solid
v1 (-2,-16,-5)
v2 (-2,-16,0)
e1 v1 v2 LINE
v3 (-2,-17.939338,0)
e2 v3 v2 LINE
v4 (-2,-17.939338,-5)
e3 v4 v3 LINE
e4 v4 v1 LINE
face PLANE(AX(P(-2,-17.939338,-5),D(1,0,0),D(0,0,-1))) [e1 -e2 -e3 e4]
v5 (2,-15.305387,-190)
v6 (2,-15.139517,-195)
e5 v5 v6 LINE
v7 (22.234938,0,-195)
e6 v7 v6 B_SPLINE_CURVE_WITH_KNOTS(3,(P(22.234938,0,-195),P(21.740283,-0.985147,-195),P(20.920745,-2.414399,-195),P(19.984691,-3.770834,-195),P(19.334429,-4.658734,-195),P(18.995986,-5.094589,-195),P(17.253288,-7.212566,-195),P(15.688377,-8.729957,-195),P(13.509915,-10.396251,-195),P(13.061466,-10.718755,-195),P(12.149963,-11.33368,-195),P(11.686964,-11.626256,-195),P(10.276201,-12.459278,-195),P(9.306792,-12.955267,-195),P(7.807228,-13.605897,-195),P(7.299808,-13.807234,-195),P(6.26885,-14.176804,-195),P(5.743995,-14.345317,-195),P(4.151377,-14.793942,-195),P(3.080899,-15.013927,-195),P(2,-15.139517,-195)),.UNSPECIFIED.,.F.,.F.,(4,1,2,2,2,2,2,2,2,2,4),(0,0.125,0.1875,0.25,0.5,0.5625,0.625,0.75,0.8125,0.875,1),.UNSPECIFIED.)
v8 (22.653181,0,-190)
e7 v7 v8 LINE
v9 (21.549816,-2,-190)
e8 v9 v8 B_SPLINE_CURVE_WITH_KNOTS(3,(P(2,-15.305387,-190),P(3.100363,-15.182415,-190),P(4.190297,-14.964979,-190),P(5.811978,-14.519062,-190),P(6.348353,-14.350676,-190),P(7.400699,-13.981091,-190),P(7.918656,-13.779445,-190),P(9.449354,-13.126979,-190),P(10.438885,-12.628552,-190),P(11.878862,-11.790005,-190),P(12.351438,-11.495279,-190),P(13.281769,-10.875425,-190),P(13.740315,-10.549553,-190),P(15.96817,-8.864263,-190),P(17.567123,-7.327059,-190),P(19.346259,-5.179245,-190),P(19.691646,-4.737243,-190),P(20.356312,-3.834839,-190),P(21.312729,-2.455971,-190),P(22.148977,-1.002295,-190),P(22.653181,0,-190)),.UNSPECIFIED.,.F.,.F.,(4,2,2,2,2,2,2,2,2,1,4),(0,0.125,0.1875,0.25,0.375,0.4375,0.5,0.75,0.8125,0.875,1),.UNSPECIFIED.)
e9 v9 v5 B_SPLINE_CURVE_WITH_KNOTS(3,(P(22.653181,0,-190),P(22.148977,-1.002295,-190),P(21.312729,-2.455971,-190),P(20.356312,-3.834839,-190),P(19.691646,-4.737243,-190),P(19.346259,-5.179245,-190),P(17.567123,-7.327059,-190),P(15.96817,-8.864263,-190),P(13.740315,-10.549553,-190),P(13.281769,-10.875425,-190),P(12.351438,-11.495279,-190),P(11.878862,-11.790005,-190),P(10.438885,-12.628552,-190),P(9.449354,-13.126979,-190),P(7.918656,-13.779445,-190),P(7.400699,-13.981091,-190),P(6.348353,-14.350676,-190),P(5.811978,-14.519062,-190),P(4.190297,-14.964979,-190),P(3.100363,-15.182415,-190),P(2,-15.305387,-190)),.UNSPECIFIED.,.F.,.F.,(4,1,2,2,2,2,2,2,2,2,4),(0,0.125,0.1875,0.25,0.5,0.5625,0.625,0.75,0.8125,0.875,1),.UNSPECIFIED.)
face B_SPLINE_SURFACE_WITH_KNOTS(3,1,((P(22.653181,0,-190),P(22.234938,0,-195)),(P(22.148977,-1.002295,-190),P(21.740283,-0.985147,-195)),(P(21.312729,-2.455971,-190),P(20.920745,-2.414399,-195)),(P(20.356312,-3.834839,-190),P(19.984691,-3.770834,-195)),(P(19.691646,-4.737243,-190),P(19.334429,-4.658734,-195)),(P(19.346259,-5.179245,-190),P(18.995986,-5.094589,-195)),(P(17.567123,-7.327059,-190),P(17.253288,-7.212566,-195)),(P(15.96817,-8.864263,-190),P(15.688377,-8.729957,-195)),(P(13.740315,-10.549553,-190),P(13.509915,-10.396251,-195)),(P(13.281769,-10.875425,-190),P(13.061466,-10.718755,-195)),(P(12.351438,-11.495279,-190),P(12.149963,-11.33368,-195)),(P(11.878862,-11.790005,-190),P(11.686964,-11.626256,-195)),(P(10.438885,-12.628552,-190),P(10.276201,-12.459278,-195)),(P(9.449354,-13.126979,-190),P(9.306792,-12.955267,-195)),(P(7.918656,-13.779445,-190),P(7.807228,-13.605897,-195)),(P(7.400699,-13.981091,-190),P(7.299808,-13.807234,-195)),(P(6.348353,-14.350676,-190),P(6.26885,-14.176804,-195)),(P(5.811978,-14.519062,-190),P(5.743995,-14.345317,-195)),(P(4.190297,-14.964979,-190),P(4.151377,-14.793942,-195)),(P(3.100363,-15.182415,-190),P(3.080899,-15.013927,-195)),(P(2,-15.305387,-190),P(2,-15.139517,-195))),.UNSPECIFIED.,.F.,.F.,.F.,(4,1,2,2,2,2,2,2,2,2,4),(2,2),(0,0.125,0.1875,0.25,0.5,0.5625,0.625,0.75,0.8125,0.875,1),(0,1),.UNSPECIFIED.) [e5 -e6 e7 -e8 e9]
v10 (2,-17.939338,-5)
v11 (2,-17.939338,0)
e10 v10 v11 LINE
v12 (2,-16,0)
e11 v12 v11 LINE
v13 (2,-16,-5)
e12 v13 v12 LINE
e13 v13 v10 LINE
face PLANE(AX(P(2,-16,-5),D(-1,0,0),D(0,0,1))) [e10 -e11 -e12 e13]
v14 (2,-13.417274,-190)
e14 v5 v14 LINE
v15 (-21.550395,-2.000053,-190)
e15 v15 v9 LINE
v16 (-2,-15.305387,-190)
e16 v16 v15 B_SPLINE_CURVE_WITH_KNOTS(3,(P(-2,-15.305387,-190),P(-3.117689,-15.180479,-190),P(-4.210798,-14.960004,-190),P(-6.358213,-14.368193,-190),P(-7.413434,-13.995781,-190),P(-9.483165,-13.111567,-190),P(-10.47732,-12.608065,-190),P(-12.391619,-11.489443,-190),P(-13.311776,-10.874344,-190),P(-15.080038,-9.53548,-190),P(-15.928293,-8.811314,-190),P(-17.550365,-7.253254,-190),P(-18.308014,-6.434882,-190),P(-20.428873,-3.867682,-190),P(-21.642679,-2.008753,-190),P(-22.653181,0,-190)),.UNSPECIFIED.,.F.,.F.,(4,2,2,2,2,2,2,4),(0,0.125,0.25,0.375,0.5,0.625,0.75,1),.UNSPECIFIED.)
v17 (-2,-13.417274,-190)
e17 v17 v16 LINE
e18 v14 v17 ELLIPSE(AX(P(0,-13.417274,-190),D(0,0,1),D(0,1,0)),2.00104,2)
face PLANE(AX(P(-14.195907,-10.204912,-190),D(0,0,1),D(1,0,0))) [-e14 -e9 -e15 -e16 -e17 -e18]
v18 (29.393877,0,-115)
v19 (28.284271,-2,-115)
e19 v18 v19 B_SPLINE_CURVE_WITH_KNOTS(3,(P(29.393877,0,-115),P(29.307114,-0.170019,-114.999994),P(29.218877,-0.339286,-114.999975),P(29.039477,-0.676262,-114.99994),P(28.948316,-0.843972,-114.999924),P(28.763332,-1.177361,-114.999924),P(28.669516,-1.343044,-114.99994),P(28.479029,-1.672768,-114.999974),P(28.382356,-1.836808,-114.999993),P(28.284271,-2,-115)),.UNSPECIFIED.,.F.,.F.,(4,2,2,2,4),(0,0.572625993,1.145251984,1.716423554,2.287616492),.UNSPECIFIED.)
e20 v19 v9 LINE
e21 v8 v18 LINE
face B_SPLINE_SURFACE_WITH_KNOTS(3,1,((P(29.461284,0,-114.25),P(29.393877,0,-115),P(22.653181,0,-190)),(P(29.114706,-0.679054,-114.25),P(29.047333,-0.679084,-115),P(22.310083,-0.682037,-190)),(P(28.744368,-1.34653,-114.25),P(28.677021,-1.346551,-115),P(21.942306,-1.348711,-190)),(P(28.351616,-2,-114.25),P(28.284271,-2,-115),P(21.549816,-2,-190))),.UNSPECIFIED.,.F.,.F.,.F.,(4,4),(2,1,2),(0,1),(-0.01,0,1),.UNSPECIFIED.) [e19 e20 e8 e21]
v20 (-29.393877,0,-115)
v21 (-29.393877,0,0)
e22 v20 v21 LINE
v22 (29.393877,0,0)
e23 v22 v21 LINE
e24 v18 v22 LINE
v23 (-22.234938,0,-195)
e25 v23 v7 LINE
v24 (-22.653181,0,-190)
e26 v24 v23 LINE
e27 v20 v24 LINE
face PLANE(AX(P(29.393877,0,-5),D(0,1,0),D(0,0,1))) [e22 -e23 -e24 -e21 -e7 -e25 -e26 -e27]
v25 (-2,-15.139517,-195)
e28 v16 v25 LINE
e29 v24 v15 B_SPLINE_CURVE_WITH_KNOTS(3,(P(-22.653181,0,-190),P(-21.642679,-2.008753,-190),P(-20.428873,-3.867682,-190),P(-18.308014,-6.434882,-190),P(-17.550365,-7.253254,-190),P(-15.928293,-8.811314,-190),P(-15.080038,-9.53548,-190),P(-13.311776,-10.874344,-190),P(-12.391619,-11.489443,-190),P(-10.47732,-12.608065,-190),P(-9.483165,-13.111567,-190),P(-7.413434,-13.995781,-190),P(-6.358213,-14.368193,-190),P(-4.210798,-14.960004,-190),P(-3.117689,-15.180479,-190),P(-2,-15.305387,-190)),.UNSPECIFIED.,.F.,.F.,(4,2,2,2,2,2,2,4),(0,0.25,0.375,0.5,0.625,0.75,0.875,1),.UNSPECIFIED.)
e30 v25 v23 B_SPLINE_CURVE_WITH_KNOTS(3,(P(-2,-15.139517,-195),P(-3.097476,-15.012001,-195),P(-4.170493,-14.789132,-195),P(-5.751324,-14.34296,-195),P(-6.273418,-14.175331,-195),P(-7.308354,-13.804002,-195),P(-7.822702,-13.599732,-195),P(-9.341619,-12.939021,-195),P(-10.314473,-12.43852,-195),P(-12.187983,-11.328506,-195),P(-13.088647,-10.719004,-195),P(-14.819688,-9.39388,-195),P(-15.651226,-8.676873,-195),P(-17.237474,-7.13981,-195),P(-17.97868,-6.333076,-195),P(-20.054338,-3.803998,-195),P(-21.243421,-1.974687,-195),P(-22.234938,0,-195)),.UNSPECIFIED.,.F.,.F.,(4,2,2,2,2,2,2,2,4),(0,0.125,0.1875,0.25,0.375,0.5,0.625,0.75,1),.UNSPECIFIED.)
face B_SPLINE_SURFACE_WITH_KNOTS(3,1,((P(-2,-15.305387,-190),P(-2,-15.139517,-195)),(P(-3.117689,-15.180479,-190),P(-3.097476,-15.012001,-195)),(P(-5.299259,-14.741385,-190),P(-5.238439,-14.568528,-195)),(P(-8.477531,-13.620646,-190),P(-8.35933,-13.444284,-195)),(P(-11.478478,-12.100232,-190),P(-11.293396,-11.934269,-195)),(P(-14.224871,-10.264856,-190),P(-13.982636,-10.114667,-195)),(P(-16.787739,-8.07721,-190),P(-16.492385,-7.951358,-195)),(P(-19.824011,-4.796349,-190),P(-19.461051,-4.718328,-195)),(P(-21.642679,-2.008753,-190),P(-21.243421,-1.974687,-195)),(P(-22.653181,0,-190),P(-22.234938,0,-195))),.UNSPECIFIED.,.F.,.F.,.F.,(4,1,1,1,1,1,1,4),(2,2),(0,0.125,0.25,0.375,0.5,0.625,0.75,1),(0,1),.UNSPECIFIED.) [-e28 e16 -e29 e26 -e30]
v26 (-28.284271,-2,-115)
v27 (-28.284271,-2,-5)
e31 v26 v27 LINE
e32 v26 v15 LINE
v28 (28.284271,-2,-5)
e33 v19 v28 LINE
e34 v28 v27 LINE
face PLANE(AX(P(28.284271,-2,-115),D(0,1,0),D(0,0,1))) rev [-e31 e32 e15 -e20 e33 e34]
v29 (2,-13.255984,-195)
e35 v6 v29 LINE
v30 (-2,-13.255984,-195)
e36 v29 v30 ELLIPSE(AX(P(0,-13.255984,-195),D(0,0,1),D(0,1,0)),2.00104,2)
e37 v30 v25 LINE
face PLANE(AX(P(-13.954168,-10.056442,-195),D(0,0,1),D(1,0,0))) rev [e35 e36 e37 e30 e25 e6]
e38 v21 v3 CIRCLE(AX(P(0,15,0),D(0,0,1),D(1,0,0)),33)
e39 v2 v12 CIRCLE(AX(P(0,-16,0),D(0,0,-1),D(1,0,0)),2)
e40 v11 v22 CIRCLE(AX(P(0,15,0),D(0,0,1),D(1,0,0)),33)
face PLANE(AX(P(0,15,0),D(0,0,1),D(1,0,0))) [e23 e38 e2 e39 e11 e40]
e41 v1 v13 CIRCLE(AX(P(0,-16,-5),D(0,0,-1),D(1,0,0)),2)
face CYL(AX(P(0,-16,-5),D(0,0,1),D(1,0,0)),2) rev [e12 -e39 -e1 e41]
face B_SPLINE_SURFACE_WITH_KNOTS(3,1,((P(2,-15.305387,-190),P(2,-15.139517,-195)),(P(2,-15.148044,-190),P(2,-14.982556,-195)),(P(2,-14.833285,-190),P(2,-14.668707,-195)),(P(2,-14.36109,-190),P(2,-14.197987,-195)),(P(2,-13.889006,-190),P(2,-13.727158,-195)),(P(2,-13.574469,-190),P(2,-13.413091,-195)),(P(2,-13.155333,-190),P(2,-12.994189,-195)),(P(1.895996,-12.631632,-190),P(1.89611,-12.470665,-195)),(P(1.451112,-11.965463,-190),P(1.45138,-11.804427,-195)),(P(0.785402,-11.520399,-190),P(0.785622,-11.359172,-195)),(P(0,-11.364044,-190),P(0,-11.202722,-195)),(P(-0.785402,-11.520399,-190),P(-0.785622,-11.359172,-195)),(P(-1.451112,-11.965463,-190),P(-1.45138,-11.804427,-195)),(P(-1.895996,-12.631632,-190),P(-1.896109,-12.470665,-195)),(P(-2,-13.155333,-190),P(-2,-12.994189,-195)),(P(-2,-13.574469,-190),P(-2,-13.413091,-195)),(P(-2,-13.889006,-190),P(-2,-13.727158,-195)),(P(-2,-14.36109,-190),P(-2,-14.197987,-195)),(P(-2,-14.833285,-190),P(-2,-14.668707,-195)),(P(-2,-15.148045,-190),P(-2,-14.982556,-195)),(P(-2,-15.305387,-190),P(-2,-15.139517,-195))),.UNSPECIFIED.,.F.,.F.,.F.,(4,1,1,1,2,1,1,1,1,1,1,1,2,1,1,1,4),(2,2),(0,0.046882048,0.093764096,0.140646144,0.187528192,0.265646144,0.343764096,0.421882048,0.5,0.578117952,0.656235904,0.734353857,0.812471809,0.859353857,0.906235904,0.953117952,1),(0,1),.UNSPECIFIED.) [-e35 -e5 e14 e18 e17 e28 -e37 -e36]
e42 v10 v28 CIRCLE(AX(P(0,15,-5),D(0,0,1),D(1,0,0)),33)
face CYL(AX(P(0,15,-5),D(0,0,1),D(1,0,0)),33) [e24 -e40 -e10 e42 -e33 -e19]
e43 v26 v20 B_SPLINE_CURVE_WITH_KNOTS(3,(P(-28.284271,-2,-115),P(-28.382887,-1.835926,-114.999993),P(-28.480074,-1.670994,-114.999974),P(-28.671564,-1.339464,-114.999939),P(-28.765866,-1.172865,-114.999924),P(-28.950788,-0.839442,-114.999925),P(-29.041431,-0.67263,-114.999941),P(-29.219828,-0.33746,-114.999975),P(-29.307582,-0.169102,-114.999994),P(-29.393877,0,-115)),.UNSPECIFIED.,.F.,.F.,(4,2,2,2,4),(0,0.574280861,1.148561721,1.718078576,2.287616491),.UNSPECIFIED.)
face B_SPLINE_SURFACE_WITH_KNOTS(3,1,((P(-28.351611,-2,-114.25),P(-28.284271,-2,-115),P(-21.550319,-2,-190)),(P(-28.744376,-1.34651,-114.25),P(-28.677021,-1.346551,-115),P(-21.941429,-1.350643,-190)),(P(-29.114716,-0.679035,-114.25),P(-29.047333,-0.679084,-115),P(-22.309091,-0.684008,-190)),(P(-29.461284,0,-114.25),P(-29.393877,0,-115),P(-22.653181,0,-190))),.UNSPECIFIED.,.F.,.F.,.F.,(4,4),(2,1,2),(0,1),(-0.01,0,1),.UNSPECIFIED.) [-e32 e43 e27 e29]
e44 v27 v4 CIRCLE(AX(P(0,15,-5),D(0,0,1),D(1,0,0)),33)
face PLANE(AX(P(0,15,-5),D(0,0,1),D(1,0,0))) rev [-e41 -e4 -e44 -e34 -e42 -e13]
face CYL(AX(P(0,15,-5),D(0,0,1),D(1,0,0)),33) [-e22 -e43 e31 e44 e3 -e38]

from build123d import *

# Parameters (mm, degrees)
BOSS_EXTRUDE1_DEPTH = 5
BOSS_EXTRUDE2_DEPTH = 110


with BuildPart() as part:
    # Sketch1 → Boss-Extrude1 (new body)
    with BuildSketch(Plane.XY):
        with BuildLine():
            Line((29.393876913, 0), (-29.393876913, 0))
            ThreePointArc((-29.393876913, 0), (-18.078961268, -12.607085313), (-2, -17.939338184))
            Line((-2, -17.939338184), (-2, -16))
            ThreePointArc((-2, -16), (0, -14), (2, -16))
            Line((2, -16), (2, -17.939338184))
            ThreePointArc((2, -17.939338184), (18.078961268, -12.607085313), (29.393876913, 0))
        make_face()
    extrude(amount=-BOSS_EXTRUDE1_DEPTH)

    # Sketch4 → Boss-Extrude2 (add)
    with BuildSketch(Plane(origin=(0, 0, -5), x_dir=(-1, 0, 0), z_dir=(0, 0, -1))):
        with BuildLine():
            Line((-28.284271247, -2), (28.284271247, -2))
            ThreePointArc((28.284271247, -2), (28.856406461, -1.009616054), (29.393876913, 0))
            Line((29.393876913, 0), (-29.393876913, 0))
            ThreePointArc((-29.393876913, 0), (-28.856406461, -1.009616054), (-28.284271247, -2))
        make_face()
    extrude(amount=BOSS_EXTRUDE2_DEPTH)



with BuildPart() as body_2:
    # Sketch12 → Loft4 section 0
    with BuildSketch(Plane(origin=(0, 0, -190), x_dir=(-1, 0, 0), z_dir=(0, 0, -1))):
        with BuildLine():
            Line((22.653180887, 0), (-22.653180887, 0))
            add(Edge.make_bspline(
                [(-22.653180887, 0), (-22.148977198, -1.002294604), (-21.312728642, -2.455970505), (-20.356311796, -3.834839427), (-19.691645963, -4.737243386), (-19.346258554, -5.179245011), (-17.567122979, -7.32705895), (-15.968170417, -8.864263), (-13.740314516, -10.549553496), (-13.281768803, -10.87542484), (-12.351437875, -11.495278896), (-11.878861514, -11.790005264), (-10.438884851, -12.628551852), (-9.449353735, -13.126979054), (-7.918655947, -13.779445474), (-7.400698933, -13.981090551), (-6.348352712, -14.35067626), (-5.811978486, -14.519061657), (-4.190297425, -14.964979291), (-3.100362704, -15.18241512), (-1.999999905, -15.305387205)],
                knots=[0, 0, 0, 0, 0.125, 0.1875, 0.1875, 0.25, 0.25, 0.5, 0.5, 0.5625, 0.5625, 0.625, 0.625, 0.75, 0.75, 0.8125, 0.8125, 0.875, 0.875, 1, 1, 1, 1], degree=3))
            Line((-1.999999905, -15.305387205), (-1.999999905, -13.417274226))
            add(Edge.make_bspline(
                [(2.000000095, -13.417274226), (2.000000095, -11.416233914), (9.5e-08, -11.416233914), (-1.999999905, -11.416233914), (-1.999999905, -13.417274226)],
                knots=[4.71238898, 4.71238898, 4.71238898, 6.283185307, 6.283185307, 7.853981634, 7.853981634, 7.853981634], degree=2, weights=[1, 0.707106781, 1, 0.707106781, 1]))
            Line((2.000000095, -13.417274226), (2.000000095, -15.30538728))
            add(Edge.make_bspline(
                [(2.000000095, -15.30538728), (3.11768943, -15.180478923), (4.210798102, -14.960003678), (6.358212923, -14.368193301), (7.413433781, -13.99578054), (9.48316466, -13.111567426), (10.477319809, -12.608065076), (12.391619169, -11.489443387), (13.311776359, -10.874343619), (15.080037554, -9.535479611), (15.928293309, -8.811314066), (17.550364646, -7.253254035), (18.308014434, -6.434881586), (20.428872732, -3.867681555), (21.642679013, -2.008752815), (22.653180887, 0)],
                knots=[0, 0, 0, 0, 0.125, 0.125, 0.25, 0.25, 0.375, 0.375, 0.5, 0.5, 0.625, 0.625, 0.75, 0.75, 1, 1, 1, 1], degree=3))
        make_face()
    # Sketch13 → Loft4 section 1
    with BuildSketch(Plane(origin=(0, 0, -195), x_dir=(-1, 0, 0), z_dir=(0, 0, -1))):
        with BuildLine():
            Line((22.23493812, 0), (-22.23493812, 0))
            add(Edge.make_bspline(
                [(-22.23493812, 0), (-21.740282728, -0.98514663), (-20.92074495, -2.414398694), (-19.984690863, -3.770833773), (-19.334428952, -4.658733952), (-18.995985903, -5.094588627), (-17.253288329, -7.212565885), (-15.688377335, -8.729957297), (-13.509914793, -10.396251463), (-13.061466045, -10.718755366), (-12.149963097, -11.333679684), (-11.686964176, -11.626255977), (-10.276201265, -12.459278365), (-9.306792445, -12.955267146), (-7.807228346, -13.605896686), (-7.299808046, -13.807233863), (-6.268850056, -14.176803971), (-5.743994744, -14.345317324), (-4.151377213, -14.793942329), (-3.080899423, -15.013927219), (-2.0000001, -15.139517415)],
                knots=[0, 0, 0, 0, 0.125, 0.1875, 0.1875, 0.25, 0.25, 0.5, 0.5, 0.5625, 0.5625, 0.625, 0.625, 0.75, 0.75, 0.8125, 0.8125, 0.875, 0.875, 1, 1, 1, 1], degree=3))
            Line((-2.0000001, -15.139517415), (-2.0000001, -13.255983903))
            add(Edge.make_bspline(
                [(1.9999999, -13.255983903), (1.9999999, -11.254943591), (-1e-07, -11.254943591), (-2.0000001, -11.254943591), (-2.0000001, -13.255983903)],
                knots=[1.570796327, 1.570796327, 1.570796327, 3.141592654, 3.141592654, 4.71238898, 4.71238898, 4.71238898], degree=2, weights=[1, 0.707106781, 1, 0.707106781, 1]))
            Line((1.9999999, -13.255983903), (1.9999999, -15.139517335))
            add(Edge.make_bspline(
                [(1.9999999, -15.139517335), (3.097475762, -15.012001028), (4.170492913, -14.789132022), (5.751323617, -14.342960473), (6.273417873, -14.175331497), (7.308353862, -13.804002428), (7.822701798, -13.599731703), (9.341618745, -12.939021482), (10.314473073, -12.438519778), (12.187983442, -11.328505685), (13.088646639, -10.719004096), (14.819688416, -9.393879642), (15.651226146, -8.676872801), (17.2374738, -7.139809792), (17.978680245, -6.333075632), (20.054337825, -3.803997633), (21.243421171, -1.974687006), (22.23493812, 0)],
                knots=[0, 0, 0, 0, 0.125, 0.125, 0.1875, 0.1875, 0.25, 0.25, 0.375, 0.375, 0.5, 0.5, 0.625, 0.625, 0.75, 0.75, 1, 1, 1, 1], degree=3))
        make_face()
    loft()


with BuildPart() as part_1:
    add(part.part)

    add(body_2.part)  # Loft5 merges body 2
    # Sketch15 for Loft5 → Loft5 section 0
    with BuildSketch(Plane(origin=(0, 0, -115), x_dir=(-1, 0, 0), z_dir=(0, 0, -1))):
        with BuildLine():
            Line((-28.284271247, -2), (28.284271247, -2))
            # circular arc as an exact rational Bezier (weights 1, cos(half-angle), 1)
            Bezier((28.284271247, -2), (28.873749257, -1.019237886), (29.393876913, 0), weights=[1, 0.999399358, 1])
            Line((29.393876913, 0), (-29.393876913, 0))
            Bezier((-29.393876913, 0), (-28.873749257, -1.019237886), (-28.284271247, -2), weights=[1, 0.999399358, 1])
        make_face()
    # Sketch14 → Loft5 section 1
    with BuildSketch(Plane.XY.offset(-190)):
        with BuildLine():
            Line((-21.55031948, -2), (21.549816234, -2))
            add(Edge.make_bspline(
                [(21.549816234, -2), (21.942306372, -1.348710735), (22.310082744, -0.682036694), (22.653180887, 0)],
                knots=[0.914940591, 0.914940591, 0.914940591, 0.914940591, 1, 1, 1, 1], degree=3))
            Line((22.653180887, 0), (-22.653180887, 0))
            add(Edge.make_bspline(
                [(-22.653180887, 0), (-22.309091279, -0.684007607), (-21.941428628, -1.350643187), (-21.55031948, -2)],
                knots=[0, 0, 0, 0, 0.085128394, 0.085128394, 0.085128394, 0.085128394], degree=3))
        make_face()
    loft()


solid = part_1.part
